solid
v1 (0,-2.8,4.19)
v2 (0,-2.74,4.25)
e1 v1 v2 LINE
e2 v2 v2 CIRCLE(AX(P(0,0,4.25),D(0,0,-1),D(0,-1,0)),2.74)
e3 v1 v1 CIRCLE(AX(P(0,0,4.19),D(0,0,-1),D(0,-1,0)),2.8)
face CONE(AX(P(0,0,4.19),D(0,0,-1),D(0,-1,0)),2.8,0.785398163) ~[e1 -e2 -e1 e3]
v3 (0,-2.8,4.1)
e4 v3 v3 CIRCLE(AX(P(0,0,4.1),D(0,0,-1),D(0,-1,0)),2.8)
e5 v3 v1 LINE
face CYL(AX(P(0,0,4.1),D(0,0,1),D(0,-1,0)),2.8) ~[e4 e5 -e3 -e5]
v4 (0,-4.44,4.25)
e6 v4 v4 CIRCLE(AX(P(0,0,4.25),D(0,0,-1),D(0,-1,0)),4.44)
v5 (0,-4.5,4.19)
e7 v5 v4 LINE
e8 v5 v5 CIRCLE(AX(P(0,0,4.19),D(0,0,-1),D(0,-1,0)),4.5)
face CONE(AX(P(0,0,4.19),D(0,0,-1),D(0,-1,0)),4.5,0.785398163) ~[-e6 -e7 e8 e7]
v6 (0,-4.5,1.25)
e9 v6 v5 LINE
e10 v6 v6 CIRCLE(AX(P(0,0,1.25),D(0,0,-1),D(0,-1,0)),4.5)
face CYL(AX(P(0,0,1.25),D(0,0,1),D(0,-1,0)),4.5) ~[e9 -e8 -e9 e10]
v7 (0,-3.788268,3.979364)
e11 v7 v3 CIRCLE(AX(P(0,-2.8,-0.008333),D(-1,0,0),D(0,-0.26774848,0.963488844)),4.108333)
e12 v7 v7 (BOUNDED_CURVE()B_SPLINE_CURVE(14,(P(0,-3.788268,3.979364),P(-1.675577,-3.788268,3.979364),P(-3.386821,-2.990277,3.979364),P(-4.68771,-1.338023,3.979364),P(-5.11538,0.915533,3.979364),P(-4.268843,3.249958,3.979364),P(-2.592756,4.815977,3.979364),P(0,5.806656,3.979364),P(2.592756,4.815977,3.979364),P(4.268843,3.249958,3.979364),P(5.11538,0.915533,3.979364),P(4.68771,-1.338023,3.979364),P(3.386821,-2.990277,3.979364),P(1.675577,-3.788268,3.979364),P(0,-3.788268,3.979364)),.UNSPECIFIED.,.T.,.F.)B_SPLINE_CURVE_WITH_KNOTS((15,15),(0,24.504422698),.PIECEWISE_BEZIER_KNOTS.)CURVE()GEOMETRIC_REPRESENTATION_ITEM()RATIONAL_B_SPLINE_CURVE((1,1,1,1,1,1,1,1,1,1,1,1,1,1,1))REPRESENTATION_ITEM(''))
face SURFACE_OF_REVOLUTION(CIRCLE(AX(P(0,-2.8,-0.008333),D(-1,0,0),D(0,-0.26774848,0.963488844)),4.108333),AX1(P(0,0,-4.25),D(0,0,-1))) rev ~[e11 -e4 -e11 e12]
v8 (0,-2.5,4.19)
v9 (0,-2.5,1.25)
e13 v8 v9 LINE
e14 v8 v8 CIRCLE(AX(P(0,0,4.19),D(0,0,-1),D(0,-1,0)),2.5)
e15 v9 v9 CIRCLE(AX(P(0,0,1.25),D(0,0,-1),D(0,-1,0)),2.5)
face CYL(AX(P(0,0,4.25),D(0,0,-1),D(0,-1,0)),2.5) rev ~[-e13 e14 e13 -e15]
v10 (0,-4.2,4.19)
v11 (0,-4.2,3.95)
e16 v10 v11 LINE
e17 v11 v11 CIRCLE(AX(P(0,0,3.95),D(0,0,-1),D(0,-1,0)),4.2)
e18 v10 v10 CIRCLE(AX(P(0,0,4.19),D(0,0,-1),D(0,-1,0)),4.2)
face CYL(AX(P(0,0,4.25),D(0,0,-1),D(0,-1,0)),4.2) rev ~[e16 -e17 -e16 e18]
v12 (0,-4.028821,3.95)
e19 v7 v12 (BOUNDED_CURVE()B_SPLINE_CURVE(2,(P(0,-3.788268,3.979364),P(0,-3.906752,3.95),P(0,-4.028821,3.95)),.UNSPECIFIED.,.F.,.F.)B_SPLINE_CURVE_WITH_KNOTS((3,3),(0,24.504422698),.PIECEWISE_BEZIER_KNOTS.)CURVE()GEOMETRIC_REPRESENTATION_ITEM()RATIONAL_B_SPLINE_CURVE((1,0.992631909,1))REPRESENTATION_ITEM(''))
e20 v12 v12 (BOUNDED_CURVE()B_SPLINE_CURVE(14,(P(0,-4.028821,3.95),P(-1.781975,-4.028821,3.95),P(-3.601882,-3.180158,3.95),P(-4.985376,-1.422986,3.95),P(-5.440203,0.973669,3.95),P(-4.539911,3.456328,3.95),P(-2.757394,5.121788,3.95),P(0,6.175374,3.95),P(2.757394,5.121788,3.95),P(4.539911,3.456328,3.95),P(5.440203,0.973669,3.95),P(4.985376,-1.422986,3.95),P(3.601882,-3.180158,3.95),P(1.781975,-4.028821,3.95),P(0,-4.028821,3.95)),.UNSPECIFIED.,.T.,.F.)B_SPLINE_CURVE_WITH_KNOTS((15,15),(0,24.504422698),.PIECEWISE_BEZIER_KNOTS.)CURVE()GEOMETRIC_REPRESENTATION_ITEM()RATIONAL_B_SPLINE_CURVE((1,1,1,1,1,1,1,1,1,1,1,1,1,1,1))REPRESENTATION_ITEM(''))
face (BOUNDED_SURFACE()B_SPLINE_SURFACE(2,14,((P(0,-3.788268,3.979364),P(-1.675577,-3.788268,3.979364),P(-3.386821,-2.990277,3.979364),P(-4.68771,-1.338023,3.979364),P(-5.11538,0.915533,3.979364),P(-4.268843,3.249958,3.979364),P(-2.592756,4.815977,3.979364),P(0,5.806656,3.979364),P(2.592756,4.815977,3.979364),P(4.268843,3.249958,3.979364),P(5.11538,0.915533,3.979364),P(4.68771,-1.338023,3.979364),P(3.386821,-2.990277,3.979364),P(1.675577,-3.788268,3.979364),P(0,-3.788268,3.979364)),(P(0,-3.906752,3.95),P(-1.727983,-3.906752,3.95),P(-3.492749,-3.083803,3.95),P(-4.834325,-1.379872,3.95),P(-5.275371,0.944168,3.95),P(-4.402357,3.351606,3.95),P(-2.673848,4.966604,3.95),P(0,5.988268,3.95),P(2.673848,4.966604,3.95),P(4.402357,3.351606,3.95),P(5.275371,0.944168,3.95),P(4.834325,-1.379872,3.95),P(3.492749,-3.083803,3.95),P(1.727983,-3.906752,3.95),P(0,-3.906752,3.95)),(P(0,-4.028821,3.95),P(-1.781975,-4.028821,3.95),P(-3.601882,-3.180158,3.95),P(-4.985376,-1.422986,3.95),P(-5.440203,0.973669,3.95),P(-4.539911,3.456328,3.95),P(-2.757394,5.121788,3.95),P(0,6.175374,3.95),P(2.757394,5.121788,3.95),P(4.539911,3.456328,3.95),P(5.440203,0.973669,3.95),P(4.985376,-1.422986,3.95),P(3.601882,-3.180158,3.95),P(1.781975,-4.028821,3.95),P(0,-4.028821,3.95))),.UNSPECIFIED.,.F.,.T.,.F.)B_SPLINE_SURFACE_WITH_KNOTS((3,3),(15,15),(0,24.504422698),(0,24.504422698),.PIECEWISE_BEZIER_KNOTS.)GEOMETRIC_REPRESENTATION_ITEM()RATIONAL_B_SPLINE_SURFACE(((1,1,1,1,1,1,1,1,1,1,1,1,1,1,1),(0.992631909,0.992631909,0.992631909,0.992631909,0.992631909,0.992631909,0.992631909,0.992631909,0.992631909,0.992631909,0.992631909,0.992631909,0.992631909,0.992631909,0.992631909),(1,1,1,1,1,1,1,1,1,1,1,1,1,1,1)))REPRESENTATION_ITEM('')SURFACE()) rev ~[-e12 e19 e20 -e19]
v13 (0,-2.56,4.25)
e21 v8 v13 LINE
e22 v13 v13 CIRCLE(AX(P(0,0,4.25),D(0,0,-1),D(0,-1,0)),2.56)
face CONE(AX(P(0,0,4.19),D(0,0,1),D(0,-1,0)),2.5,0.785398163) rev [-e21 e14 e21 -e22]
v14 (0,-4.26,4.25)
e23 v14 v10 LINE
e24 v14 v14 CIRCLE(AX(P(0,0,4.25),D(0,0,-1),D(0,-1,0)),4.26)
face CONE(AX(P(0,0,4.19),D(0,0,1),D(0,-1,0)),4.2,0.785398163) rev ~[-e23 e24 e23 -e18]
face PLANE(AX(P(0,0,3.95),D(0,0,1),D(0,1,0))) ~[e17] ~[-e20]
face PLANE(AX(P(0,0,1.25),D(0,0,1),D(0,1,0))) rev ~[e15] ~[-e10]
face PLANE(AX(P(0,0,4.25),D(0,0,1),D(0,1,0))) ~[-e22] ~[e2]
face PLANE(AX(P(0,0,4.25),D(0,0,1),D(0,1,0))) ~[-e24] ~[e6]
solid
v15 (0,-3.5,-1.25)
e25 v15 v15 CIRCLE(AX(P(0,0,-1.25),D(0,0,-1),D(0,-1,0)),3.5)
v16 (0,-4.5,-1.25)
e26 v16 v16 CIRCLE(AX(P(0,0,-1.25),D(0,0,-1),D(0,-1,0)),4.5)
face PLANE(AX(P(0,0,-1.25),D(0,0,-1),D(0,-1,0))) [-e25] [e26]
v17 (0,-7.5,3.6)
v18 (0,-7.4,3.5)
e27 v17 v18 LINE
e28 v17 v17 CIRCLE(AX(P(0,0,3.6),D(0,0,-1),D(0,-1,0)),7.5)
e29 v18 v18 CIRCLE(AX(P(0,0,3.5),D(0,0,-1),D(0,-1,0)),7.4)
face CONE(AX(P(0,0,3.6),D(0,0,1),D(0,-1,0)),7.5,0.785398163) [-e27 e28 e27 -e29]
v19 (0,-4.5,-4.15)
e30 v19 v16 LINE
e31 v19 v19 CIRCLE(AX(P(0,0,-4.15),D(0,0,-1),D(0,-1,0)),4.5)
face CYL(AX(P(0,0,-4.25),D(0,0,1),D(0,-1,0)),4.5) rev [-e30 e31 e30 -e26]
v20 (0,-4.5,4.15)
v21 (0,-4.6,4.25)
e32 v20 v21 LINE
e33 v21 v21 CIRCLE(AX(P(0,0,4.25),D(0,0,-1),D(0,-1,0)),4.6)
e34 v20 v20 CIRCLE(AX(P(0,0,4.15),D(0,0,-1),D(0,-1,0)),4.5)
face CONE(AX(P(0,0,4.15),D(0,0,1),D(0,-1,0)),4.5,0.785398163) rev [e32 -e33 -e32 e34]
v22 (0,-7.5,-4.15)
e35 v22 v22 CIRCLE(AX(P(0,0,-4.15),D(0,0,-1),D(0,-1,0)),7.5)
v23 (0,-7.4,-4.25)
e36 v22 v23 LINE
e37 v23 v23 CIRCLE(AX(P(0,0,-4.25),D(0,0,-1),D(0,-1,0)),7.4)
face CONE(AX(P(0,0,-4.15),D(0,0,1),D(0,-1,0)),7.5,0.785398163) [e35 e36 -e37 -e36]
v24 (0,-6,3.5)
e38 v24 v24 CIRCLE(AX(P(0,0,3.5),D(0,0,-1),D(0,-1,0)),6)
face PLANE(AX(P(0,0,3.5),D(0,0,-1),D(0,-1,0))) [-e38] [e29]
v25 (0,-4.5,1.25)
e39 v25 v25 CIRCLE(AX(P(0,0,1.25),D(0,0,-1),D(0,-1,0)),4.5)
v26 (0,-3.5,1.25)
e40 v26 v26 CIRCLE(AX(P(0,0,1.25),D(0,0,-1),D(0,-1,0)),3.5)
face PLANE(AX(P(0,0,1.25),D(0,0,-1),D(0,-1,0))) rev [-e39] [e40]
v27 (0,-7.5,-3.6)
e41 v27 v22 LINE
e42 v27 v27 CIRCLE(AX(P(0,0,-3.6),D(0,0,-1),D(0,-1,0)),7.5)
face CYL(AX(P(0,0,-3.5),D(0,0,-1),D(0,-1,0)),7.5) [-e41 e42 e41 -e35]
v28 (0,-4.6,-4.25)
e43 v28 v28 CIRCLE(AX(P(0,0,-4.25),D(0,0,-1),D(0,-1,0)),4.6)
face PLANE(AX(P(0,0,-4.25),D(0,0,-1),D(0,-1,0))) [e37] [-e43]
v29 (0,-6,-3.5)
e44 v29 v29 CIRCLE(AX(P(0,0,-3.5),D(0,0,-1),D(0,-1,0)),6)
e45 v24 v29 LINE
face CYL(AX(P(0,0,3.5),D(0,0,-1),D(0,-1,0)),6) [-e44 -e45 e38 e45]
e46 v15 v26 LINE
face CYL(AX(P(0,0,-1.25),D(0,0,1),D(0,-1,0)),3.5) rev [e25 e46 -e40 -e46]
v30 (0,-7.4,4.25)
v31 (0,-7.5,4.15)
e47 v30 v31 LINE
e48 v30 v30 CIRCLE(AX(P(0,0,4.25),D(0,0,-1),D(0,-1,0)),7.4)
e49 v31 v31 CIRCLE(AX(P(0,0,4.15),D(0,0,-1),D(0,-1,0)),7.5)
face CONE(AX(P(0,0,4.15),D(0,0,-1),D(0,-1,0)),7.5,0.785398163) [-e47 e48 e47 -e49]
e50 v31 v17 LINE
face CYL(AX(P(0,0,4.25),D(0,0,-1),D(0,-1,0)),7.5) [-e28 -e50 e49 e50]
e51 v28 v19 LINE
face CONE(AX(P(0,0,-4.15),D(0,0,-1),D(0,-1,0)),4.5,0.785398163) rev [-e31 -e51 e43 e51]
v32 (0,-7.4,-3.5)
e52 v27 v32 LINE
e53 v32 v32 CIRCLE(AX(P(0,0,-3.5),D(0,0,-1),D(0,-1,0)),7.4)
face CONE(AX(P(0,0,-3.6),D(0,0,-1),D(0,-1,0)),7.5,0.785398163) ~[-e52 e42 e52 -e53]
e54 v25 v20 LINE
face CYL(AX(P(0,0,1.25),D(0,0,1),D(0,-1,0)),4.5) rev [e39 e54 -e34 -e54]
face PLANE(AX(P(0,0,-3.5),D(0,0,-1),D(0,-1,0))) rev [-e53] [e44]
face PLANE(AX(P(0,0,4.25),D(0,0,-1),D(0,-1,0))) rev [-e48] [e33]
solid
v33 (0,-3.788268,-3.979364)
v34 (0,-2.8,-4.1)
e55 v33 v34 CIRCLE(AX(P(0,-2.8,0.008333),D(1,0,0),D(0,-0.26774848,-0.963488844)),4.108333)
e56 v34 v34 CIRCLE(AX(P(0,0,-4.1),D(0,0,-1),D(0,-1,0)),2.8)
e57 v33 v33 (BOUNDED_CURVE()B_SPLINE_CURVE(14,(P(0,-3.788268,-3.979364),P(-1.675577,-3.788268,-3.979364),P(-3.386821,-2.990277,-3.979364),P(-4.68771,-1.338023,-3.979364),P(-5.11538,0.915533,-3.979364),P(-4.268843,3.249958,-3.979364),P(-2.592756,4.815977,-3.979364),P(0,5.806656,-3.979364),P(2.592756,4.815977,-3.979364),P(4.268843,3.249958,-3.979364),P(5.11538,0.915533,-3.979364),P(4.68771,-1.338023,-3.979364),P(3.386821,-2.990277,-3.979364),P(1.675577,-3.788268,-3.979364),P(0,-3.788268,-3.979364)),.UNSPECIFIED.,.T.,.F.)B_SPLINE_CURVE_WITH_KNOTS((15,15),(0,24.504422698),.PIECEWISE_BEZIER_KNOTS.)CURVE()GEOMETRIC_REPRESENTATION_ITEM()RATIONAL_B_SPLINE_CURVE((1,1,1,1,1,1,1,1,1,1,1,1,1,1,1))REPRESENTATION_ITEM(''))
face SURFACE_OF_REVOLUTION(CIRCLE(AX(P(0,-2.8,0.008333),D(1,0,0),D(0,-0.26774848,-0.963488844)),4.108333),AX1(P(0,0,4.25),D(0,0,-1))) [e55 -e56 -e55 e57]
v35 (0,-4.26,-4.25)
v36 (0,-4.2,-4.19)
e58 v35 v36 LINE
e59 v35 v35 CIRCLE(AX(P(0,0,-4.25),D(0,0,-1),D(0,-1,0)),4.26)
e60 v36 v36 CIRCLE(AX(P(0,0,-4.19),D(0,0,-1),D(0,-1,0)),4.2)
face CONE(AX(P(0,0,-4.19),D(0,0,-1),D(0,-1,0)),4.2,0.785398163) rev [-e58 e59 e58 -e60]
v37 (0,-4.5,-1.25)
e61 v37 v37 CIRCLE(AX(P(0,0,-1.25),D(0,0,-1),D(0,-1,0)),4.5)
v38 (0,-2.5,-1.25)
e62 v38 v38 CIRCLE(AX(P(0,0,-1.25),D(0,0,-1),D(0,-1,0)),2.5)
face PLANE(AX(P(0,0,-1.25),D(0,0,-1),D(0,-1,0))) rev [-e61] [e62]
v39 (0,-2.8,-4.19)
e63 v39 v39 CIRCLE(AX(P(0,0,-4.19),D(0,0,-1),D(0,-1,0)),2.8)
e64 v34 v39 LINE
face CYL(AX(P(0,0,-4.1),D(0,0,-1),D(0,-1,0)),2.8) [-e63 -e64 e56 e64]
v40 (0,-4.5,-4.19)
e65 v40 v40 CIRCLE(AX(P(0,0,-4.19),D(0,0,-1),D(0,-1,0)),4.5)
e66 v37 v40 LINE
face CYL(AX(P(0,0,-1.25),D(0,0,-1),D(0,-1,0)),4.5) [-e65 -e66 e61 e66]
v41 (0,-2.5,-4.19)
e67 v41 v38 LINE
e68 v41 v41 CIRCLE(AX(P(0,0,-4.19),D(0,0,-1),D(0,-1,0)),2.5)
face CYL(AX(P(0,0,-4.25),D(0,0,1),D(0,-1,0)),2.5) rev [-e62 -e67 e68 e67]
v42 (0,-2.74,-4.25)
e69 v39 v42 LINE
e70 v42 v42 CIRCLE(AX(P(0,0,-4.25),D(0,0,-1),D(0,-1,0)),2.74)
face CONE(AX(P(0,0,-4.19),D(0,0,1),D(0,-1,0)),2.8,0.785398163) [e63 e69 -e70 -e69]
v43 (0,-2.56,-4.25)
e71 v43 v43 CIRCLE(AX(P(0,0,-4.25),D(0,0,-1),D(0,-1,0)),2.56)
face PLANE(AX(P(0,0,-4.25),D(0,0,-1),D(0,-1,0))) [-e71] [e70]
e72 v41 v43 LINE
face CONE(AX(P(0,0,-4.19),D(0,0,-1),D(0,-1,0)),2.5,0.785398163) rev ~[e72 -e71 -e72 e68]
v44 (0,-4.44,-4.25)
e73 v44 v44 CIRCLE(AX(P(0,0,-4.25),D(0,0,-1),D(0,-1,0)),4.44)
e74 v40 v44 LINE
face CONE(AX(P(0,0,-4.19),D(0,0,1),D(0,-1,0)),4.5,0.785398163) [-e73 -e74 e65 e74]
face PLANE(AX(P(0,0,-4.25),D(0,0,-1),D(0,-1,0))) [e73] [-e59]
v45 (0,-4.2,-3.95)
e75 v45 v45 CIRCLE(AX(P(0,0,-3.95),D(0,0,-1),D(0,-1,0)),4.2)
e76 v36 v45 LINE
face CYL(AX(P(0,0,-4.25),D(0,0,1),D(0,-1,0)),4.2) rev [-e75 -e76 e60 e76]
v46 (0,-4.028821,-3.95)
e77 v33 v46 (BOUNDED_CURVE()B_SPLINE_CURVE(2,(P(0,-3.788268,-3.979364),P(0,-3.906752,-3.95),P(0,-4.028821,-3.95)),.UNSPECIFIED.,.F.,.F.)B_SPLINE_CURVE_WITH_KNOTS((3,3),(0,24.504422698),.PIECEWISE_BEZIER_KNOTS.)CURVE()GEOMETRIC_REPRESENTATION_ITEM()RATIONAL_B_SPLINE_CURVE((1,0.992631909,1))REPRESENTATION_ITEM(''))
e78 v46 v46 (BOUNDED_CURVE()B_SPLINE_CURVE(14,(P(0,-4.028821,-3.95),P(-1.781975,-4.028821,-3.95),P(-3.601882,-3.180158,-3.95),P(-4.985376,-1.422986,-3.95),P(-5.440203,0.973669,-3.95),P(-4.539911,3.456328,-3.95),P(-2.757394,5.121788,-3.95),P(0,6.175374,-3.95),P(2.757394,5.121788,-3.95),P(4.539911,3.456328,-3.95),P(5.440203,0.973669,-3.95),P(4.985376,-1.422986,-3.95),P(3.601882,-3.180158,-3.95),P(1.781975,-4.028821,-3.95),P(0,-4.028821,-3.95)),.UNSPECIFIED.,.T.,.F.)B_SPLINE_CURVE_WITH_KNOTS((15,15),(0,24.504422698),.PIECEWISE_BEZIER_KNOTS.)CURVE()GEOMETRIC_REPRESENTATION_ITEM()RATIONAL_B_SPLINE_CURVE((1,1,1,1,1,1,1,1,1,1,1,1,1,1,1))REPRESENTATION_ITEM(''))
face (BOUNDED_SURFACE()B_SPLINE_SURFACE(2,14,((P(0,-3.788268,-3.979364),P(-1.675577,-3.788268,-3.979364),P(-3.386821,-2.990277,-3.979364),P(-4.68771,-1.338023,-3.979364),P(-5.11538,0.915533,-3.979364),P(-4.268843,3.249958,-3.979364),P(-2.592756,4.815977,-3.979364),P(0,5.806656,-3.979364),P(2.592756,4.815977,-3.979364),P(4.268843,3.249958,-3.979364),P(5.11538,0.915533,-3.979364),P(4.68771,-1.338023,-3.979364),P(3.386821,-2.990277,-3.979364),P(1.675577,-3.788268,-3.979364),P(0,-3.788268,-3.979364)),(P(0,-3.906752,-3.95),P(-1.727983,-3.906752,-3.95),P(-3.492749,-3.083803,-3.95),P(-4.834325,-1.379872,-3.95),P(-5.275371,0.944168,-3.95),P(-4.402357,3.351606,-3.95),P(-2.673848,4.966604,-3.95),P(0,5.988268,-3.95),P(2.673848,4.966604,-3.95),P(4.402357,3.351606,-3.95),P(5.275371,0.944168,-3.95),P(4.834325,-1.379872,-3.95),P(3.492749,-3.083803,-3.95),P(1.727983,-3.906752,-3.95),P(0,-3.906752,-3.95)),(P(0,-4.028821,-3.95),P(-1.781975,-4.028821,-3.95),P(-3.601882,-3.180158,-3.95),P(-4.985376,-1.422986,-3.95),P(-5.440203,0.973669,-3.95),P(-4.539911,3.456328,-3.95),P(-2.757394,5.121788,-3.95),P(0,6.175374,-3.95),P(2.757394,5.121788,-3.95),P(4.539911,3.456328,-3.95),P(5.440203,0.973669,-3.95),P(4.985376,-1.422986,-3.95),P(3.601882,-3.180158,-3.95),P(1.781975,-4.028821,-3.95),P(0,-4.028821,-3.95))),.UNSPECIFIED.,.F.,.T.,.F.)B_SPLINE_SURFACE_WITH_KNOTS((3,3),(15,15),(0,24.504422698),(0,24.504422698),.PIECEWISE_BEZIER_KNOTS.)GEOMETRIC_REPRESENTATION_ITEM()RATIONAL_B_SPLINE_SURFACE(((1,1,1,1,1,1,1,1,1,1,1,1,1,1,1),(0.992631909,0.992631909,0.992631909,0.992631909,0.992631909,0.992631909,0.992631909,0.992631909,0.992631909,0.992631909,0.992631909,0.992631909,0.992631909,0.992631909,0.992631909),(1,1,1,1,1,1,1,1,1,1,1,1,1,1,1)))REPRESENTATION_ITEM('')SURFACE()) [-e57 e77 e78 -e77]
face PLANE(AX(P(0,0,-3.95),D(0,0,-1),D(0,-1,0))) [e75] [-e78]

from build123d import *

# Parameters (mm, degrees)
CHAMFER2_SIZE = 0.06
FILLET2_R     = 1
CHAMFER1_SIZE = 0.1


with BuildPart() as part:
    # Sketch2 → Revolve1 (revolve)
    with BuildSketch(Plane(origin=(0, 0, 0), x_dir=(0, 0, -1), z_dir=(1, 0, 0)), mode=Mode.PRIVATE) as revolve1_sk:
        with BuildLine():
            Line((4.25, 2.5), (1.25, 2.5))
            Line((1.25, 2.5), (1.25, 4.5))
            Line((1.25, 4.5), (4.25, 4.5))
            Line((4.25, 4.5), (4.25, 4.2))
            Line((4.25, 4.2), (3.95, 4.2))
            Line((3.95, 4.2), (3.95, 3.9))
            ThreePointArc((3.95, 3.9), (4.062327274, 3.355090083), (4.1, 2.8))
            Line((4.1, 2.8), (4.25, 2.8))
            Line((4.25, 2.8), (4.25, 2.5))
        make_face()
    revolve(revolve1_sk.sketch.rotate(Axis((0, 0, 4.25), (0, 0, -1)), 180), axis=Axis((0, 0, 4.25), (0, 0, -1)))

    # Chamfer2
    chamfer2_edges = [part.edges().sort_by_distance(p)[0] for p in [
        (0, 2.5, -4.25),
        (0, 2.8, -4.25),
        (0, 4.2, -4.25),
        (0, 4.5, -4.25),
    ]]
    chamfer(chamfer2_edges, length=CHAMFER2_SIZE)

    # Fillet2
    fillet2_edges = [part.edges().sort_by_distance(p)[0] for p in [
        (0, 3.9, -3.95),
    ]]
    fillet(fillet2_edges, radius=FILLET2_R)


with BuildPart() as body_2:
    # Mirror1: mirrored copy
    add(part.part.mirror(Plane.XY))


with BuildPart() as body_3:
    # Sketch3 → Revolve2 (revolve)
    with BuildSketch(Plane(origin=(0, 0, 0), x_dir=(0, 0, -1), z_dir=(1, 0, 0)), mode=Mode.PRIVATE) as revolve2_sk:
        Polygon((3.5, 7.5), (4.25, 7.5), (4.25, 4.5), (1.25, 4.5), (1.25, 3.5), (-1.25, 3.5), (-1.25, 4.5), (-4.25, 4.5), (-4.25, 7.5), (-3.5, 7.5), (-3.5, 6), (3.5, 6), align=None)
    revolve(revolve2_sk.sketch.rotate(Axis((0, 0, 4.25), (0, 0, -1)), 180), axis=Axis((0, 0, 4.25), (0, 0, -1)))

    # Chamfer1
    chamfer1_edges = [body_3.edges().sort_by_distance(p)[0] for p in [
        (0, 4.5, 4.25),
        (0, 4.5, -4.25),
        (0, 7.5, -4.25),
        (0, 7.5, -3.5),
        (0, 7.5, 3.5),
        (0, 7.5, 4.25),
    ]]
    chamfer(chamfer1_edges, length=CHAMFER1_SIZE)


solid = Compound([part.part, body_2.part, body_3.part])
